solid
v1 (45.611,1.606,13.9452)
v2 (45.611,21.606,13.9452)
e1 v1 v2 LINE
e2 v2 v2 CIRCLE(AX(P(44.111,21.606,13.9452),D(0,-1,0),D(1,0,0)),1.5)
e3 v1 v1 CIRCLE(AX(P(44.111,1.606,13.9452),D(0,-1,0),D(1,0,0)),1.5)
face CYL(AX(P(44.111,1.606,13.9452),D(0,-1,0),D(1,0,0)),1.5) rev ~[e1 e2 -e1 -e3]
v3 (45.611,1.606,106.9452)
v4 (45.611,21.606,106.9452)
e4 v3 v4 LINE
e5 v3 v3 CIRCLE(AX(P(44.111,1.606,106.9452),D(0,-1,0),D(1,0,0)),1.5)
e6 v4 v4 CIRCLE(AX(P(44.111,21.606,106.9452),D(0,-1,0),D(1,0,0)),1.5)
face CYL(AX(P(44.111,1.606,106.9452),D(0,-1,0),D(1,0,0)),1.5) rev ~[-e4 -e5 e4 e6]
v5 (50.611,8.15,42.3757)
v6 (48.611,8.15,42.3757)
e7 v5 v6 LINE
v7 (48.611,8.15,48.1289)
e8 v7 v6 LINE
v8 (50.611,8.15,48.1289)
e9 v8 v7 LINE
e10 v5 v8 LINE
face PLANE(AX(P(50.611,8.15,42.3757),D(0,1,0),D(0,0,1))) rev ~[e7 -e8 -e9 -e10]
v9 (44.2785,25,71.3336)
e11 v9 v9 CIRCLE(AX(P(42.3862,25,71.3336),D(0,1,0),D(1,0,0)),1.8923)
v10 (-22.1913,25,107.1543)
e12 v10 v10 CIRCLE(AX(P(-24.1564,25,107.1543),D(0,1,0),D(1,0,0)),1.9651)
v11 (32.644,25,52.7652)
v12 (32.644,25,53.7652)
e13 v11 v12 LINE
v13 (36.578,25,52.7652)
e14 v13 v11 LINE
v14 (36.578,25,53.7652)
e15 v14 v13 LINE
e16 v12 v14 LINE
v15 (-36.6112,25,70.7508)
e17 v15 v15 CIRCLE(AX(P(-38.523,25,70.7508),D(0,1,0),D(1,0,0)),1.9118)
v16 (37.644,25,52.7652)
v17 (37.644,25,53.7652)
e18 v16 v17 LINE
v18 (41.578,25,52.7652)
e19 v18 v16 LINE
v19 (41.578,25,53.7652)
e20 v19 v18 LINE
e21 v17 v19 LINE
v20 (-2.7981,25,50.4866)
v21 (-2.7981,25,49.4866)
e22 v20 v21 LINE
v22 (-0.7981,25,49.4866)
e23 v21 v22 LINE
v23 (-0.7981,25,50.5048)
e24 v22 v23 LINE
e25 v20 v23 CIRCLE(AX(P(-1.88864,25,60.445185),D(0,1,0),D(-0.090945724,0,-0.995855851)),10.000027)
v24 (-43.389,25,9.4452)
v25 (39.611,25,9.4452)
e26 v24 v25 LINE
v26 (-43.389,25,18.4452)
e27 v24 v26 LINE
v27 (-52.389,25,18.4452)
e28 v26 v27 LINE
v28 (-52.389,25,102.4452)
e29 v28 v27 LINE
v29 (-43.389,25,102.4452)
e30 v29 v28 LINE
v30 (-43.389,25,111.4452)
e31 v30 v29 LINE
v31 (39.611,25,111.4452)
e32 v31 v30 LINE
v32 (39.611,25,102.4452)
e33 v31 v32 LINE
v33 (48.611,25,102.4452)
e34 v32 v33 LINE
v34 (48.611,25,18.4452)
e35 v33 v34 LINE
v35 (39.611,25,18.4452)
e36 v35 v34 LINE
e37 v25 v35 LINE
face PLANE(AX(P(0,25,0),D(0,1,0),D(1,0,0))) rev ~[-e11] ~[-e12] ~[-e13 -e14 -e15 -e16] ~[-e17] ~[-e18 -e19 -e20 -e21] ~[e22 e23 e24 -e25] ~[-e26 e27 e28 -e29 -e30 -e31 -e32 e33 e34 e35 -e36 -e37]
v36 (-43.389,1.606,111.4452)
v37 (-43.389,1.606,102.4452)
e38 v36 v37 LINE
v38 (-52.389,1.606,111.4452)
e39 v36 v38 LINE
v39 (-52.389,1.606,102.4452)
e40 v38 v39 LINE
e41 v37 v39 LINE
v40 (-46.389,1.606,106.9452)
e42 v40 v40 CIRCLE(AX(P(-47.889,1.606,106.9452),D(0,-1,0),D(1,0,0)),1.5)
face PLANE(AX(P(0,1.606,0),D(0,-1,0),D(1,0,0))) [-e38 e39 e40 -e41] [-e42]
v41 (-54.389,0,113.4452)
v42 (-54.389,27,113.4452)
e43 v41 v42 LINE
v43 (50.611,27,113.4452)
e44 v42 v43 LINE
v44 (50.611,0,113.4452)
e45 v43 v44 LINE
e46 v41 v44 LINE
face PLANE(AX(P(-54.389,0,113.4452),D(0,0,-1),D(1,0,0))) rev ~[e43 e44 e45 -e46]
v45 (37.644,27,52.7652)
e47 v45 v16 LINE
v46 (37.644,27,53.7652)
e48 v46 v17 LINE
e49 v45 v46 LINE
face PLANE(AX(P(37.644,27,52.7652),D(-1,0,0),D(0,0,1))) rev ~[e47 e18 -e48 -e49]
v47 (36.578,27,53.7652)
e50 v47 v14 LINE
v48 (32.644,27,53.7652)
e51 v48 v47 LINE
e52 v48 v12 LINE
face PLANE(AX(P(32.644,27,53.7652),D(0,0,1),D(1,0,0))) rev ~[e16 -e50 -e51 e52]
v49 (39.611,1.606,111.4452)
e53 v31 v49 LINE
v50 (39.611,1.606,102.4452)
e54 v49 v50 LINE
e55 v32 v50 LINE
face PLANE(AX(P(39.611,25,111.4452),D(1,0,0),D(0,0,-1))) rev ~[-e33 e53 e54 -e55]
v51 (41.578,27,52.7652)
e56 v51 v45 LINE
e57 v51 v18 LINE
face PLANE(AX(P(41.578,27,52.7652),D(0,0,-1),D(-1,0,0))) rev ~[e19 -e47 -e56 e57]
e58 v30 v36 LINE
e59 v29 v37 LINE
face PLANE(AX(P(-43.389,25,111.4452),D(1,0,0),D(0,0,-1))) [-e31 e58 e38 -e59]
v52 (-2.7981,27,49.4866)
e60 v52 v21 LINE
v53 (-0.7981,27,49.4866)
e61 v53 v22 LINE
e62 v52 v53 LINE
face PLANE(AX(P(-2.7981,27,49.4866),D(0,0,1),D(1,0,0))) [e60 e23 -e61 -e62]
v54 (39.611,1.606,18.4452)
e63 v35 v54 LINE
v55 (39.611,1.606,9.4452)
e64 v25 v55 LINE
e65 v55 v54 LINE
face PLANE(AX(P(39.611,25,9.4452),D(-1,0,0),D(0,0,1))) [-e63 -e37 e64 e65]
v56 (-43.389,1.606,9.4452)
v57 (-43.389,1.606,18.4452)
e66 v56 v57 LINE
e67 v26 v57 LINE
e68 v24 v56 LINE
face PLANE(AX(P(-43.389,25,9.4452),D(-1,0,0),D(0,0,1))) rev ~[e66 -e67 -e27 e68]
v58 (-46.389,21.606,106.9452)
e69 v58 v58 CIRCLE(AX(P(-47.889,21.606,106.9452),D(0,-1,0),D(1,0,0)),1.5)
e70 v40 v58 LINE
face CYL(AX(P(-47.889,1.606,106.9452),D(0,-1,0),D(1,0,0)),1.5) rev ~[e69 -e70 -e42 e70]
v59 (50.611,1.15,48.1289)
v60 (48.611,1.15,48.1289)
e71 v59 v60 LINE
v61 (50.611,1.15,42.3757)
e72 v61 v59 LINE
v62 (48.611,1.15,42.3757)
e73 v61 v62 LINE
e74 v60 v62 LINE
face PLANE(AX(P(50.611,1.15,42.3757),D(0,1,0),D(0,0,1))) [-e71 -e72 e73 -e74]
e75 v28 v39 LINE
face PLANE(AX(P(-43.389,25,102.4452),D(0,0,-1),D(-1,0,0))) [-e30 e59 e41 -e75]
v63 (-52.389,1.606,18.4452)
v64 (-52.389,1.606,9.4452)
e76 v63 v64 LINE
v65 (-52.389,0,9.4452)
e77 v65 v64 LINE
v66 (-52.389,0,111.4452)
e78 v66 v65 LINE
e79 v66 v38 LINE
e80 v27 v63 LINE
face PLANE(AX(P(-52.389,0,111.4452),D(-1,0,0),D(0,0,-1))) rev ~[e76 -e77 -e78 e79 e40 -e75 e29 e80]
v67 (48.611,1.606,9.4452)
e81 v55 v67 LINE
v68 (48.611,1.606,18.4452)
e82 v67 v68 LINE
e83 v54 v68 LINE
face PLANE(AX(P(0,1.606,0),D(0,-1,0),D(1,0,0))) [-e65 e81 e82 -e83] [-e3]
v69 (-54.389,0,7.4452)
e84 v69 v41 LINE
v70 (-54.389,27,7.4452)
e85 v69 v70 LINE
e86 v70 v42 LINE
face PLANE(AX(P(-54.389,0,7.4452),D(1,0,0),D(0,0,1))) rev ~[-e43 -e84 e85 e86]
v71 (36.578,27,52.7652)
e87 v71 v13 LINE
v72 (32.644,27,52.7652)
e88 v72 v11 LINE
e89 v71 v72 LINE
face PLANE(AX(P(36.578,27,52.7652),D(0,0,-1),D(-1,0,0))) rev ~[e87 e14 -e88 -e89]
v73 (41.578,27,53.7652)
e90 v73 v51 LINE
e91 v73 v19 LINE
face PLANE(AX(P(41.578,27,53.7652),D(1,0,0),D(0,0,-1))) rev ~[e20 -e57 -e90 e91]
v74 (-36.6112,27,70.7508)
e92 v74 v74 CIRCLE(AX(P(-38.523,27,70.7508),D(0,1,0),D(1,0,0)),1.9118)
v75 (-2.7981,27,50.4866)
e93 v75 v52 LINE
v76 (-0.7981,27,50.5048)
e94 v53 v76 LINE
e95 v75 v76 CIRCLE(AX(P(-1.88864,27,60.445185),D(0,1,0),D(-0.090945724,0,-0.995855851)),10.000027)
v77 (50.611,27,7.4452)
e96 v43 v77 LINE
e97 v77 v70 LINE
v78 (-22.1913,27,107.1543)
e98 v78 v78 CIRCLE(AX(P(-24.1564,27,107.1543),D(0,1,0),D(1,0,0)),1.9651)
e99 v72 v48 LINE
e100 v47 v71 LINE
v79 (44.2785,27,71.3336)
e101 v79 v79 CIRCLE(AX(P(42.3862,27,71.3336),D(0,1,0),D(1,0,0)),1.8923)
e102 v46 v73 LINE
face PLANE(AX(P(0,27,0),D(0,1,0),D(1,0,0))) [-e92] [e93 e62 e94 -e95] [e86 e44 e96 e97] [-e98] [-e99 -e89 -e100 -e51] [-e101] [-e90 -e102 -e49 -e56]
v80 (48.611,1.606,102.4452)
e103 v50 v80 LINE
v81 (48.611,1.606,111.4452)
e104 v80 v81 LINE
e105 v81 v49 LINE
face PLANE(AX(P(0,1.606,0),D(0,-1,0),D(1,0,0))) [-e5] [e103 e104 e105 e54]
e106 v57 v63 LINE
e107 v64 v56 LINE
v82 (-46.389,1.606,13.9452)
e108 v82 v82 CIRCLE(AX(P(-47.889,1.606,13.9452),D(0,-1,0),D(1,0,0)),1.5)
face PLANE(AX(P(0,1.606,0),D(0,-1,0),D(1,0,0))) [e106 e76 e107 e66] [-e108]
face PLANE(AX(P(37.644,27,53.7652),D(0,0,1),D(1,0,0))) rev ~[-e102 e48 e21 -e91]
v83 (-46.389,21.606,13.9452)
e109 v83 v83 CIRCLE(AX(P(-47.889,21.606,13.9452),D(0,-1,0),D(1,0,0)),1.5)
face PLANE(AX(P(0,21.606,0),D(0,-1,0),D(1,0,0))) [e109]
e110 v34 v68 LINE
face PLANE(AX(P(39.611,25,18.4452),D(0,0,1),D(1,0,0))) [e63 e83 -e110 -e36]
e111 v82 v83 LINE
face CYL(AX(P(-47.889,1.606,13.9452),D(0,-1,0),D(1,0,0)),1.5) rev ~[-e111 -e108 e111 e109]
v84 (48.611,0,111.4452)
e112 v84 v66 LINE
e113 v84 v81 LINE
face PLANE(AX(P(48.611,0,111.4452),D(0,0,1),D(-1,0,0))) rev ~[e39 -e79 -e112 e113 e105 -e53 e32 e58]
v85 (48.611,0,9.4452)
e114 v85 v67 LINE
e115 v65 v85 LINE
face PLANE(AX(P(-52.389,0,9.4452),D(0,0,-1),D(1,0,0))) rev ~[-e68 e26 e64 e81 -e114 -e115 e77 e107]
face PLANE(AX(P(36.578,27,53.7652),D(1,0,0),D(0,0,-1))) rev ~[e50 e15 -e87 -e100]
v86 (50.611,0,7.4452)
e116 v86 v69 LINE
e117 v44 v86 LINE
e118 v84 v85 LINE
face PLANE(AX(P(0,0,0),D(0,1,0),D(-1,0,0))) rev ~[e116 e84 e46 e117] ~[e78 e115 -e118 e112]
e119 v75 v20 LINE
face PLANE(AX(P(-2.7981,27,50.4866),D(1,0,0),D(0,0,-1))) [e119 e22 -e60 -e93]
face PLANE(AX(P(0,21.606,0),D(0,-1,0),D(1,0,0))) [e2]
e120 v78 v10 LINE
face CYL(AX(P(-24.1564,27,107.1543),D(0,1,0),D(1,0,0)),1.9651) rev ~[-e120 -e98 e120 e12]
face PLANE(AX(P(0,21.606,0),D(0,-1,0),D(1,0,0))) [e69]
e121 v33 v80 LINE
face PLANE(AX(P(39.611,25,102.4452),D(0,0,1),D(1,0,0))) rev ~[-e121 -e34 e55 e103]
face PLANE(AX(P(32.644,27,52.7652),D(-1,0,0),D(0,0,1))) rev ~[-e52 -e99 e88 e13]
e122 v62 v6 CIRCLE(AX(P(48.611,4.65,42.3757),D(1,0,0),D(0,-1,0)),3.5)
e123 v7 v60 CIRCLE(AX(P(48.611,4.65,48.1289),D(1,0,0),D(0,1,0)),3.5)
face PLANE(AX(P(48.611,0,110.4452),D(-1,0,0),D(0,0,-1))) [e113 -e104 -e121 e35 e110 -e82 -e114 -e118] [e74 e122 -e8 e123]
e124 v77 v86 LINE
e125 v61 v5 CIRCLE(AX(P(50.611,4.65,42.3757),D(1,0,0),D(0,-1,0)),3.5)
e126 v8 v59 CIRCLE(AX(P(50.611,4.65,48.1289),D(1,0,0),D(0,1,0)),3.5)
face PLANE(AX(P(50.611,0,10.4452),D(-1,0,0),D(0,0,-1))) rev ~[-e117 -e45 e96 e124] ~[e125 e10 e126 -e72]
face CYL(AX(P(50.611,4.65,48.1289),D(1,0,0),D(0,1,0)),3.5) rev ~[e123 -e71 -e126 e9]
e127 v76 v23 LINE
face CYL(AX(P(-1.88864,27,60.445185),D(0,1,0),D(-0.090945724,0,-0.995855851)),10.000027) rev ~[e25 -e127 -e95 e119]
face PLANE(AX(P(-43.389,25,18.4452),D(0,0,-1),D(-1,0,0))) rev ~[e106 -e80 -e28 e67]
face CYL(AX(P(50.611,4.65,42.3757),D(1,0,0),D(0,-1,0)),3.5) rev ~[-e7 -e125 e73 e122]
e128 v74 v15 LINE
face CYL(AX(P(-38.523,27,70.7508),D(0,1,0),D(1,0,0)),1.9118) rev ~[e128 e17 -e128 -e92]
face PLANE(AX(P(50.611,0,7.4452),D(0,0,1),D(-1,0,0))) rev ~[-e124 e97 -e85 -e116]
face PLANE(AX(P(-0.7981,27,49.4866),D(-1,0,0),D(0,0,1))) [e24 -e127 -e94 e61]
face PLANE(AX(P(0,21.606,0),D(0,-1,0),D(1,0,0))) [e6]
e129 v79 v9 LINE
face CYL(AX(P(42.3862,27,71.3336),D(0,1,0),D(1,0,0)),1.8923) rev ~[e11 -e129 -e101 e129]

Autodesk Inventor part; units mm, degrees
ref_plane "YZ Plane" through (0, 0, 0) normal (1, 0, 0) x (0, 1, 0)
ref_plane "XZ Plane" through (0, 0, 0) normal (0, 1, 0) x (-1, 0, 0)
ref_plane "XY Plane" through (0, 0, 0) normal (0, 0, 1) x (1, 0, 0)
sketch "Sketch1" plane through (0, 0, 0) normal (0, 1, 0) x (-1, 0, 0)
  line L0 (-48.611, 110.4452) -> (-48.611, 10.4452)
  line L1 (-48.611, 111.4452) -> (52.389, 111.4452)
  line L2 (52.389, 111.4452) -> (52.389, 9.4452)
  line L3 (52.389, 9.4452) -> (-48.611, 9.4452)
  line L4 (-48.611, 10.4452) -> (-48.611, 9.4452)
  line L5 (-48.611, 110.4452) -> (-48.611, 111.4452)
  line L6 (54.389, 7.4452) -> (54.389, 113.4452)
  line L7 (54.389, 113.4452) -> (-50.611, 113.4452)
  line L8 (-50.611, 113.4452) -> (-50.611, 110.4452)
  line L9 (-50.611, 110.4452) -> (-50.611, 10.4452)
  line L10 (-50.611, 10.4452) -> (-50.611, 7.4452)
  line L11 (-50.611, 7.4452) -> (54.389, 7.4452)
  point P0 (0, 0)
  dimension "d1" = 2
extrude "Extrusion1" add sketch "Sketch1" along normal blind 25
sketch "Sketch2" plane through (0, 25, 0) normal (0, 1, 0) x (1, 0, 0)
  line L0 (-54.389, -7.4452) -> (-54.389, -113.4452) projected
  line L1 (50.611, -113.4452) -> (50.611, -7.4452) projected
  line L2 (-54.389, -113.4452) -> (50.611, -113.4452)
  line L3 (50.611, -113.4452) -> (50.611, -7.4452)
  line L4 (50.611, -7.4452) -> (-54.389, -7.4452)
  line L5 (-54.389, -7.4452) -> (-54.389, -113.4452)
  point P0 (0, 0)
extrude "Extrusion2" add sketch "Sketch2" along normal blind 2
sketch "Sketch3" plane through (0, 25, 0) normal (0, -1, 0) x (1, 0, 0)
  line L0 (48.611, 9.4452) -> (48.611, 111.4452) projected
  line L1 (48.611, 111.4452) -> (-52.389, 111.4452) projected
  line L2 (-52.389, 111.4452) -> (-52.389, 9.4452) projected
  line L3 (-52.389, 9.4452) -> (48.611, 9.4452) projected
  line L4 (-52.389, 9.4452) -> (-43.389, 9.4452)
  line L5 (-43.389, 9.4452) -> (-43.389, 18.4452)
  line L6 (-43.389, 18.4452) -> (-52.389, 18.4452)
  line L7 (-52.389, 18.4452) -> (-52.389, 9.4452)
  line L8 (48.611, 9.4452) -> (39.611, 9.4452)
  line L9 (39.611, 9.4452) -> (39.611, 18.4452)
  line L10 (39.611, 18.4452) -> (48.611, 18.4452)
  line L11 (48.611, 18.4452) -> (48.611, 9.4452)
  line L12 (48.611, 111.4452) -> (39.611, 111.4452)
  line L13 (39.611, 111.4452) -> (39.611, 102.4452)
  line L14 (39.611, 102.4452) -> (48.611, 102.4452)
  line L15 (48.611, 102.4452) -> (48.611, 111.4452)
  line L16 (-52.389, 111.4452) -> (-43.389, 111.4452)
  line L17 (-43.389, 111.4452) -> (-43.389, 102.4452)
  line L18 (-43.389, 102.4452) -> (-52.389, 102.4452)
  line L19 (-52.389, 102.4452) -> (-52.389, 111.4452)
  point P0 (0, 0)
  dimension "d6" = 9
  dimension "d7" = 9
  dimension "d8" = 9
  dimension "d9" = 9
  dimension "d10" = 9
  dimension "d11" = 9
  dimension "d12" = 9
extrude "Extrusion3" add sketch "Sketch3" along normal blind 23.394 contours L3 L9 L10 L0 | L14 L13 L1 L0 | L3 L2 L6 L5 | L17 L18 L2 L1
sketch "Sketch4" plane through (0, 1.606, 0) normal (0, -1, 0) x (1, 0, 0)
  line L0 (-52.389, 9.4452) -> (-52.389, 18.4452) projected
  line L1 (-43.389, 9.4452) -> (-52.389, 9.4452) projected
  line L2 (-43.389, 9.4452) -> (-43.389, 18.4452) projected
  line L3 (-43.389, 18.4452) -> (-52.389, 18.4452) projected
  line L4 (-43.389, 102.4452) -> (-43.389, 111.4452) projected
  line L5 (-52.389, 111.4452) -> (-43.389, 111.4452) projected
  line L6 (-52.389, 102.4452) -> (-52.389, 111.4452) projected
  line L7 (-52.389, 102.4452) -> (-43.389, 102.4452) projected
  line L8 (48.611, 111.4452) -> (48.611, 102.4452) projected
  line L9 (39.611, 111.4452) -> (48.611, 111.4452) projected
  line L10 (39.611, 111.4452) -> (39.611, 102.4452) projected
  line L11 (39.611, 102.4452) -> (48.611, 102.4452) projected
  line L12 (39.611, 18.4452) -> (39.611, 9.4452) projected
  line L13 (48.611, 9.4452) -> (39.611, 9.4452) projected
  line L14 (48.611, 18.4452) -> (48.611, 9.4452) projected
  line L15 (48.611, 18.4452) -> (39.611, 18.4452) projected
  line L16 (-52.389, 102.4452) -> (-52.389, 18.4452) projected
  line L17 (39.611, 9.4452) -> (39.611, 18.4452) projected
  circle A0 centre (-47.889, 13.9452) radius 1.5
  circle A1 centre (-47.889, 106.9452) radius 1.5
  circle A2 centre (44.111, 106.9452) radius 1.5
  circle A3 centre (44.111, 13.9452) radius 1.5
  point P0 (0, 0)
  dimension "d15" = 3
  dimension "d16" = 3
  dimension "d17" = 3
  dimension "d18" = 3
extrude "Extrusion4" cut sketch "Sketch4" against normal blind 20 contours A0 | A1 | A2 | A3
sketch "Sketch5" plane through (50.611, 0, 113.4452) normal (1, 0, 0) x (0, 0, -1)
  line L0 (71.0695, 1.15) -> (65.3163, 1.15)
  line L1 (71.0695, 8.15) -> (65.3163, 8.15)
  arc A0 (65.3163, 8.15) -> (65.3163, 1.15) centre (65.3163, 4.65) ccw
  arc A1 (71.0695, 1.15) -> (71.0695, 8.15) centre (71.0695, 4.65) ccw
  line L2 (106, 0) -> (0, 0) projected
  point P0 (113.4452, 0)
extrude "Extrusion5" cut sketch "Sketch5" against normal blind 20
sketch "Sketch6" plane through (0, 27, 0) normal (0, 1, 0) x (1, 0, 0)
  line L0 (37.644, -52.7652) -> (37.644, -53.7652) projected
  line L1 (41.578, -53.7652) -> (41.578, -52.7652) projected
  line L2 (37.644, -53.7652) -> (41.578, -53.7652)
  line L3 (41.578, -53.7652) -> (41.578, -52.7652)
  line L4 (41.578, -52.7652) -> (37.644, -52.7652)
  line L5 (37.644, -52.7652) -> (37.644, -53.7652)
  point P0 (0, 0)
extrude "Extrusion6" cut sketch "Sketch6" against normal blind 20
sketch "Sketch7" plane through (0, 27, 0) normal (0, 1, 0) x (1, 0, 0)
  circle A0 centre (-24.1564, -107.1543) radius 1.9651 projected
  circle A1 centre (-38.523, -70.7508) radius 1.9118 projected
  circle A2 centre (42.3862, -71.3336) radius 1.8923 projected
  line L0 (32.644, -52.7652) -> (32.644, -53.7652) projected
  line L1 (36.578, -53.7652) -> (36.578, -52.7652) projected
  line L2 (32.644, -53.7652) -> (36.578, -53.7652)
  line L3 (36.578, -53.7652) -> (36.578, -52.7652)
  line L4 (36.578, -52.7652) -> (32.644, -52.7652)
  line L5 (32.644, -52.7652) -> (32.644, -53.7652)
  point P0 (0, 0)
extrude "Extrusion7" cut sketch "Sketch7" against normal blind 2
sketch "Sketch8" plane through (0, 27, 0) normal (0, 1, 0) x (1, 0, 0)
  circle A0 centre (42.3862, -71.3336) radius 1.8923 projected
  circle A1 centre (-24.1564, -107.1543) radius 1.9651 projected
  line L0 (32.644, -52.7652) -> (36.578, -52.7652) projected
  line L1 (36.578, -52.7652) -> (36.578, -53.7652) projected
  line L2 (36.578, -53.7652) -> (32.644, -53.7652) projected
  line L3 (32.644, -53.7652) -> (32.644, -52.7652) projected
  circle A2 centre (-38.523, -70.7508) radius 1.9118 projected
  line L4 (37.644, -52.7652) -> (41.578, -52.7652) projected
  line L5 (41.578, -52.7652) -> (41.578, -53.7652) projected
  line L6 (41.578, -53.7652) -> (37.644, -53.7652) projected
  line L7 (37.644, -53.7652) -> (37.644, -52.7652) projected
  line L8 (50.611, -113.4452) -> (50.611, -7.4452) projected
  line L9 (50.611, -7.4452) -> (-54.389, -7.4452) projected
  line L10 (-54.389, -7.4452) -> (-54.389, -113.4452) projected
  line L11 (-54.389, -113.4452) -> (50.611, -113.4452) projected
  line L12 (-54.389, -113.4452) -> (50.611, -113.4452) projected
  arc A3 (-2.7981, -50.4866) -> (-0.7981, -50.5048) centre (-1.889, -60.4452) ccw
  line L13 (-2.7981, -50.4866) -> (-2.7981, -49.4866)
  line L14 (-2.7981, -49.4866) -> (-0.7981, -49.4866)
  line L15 (-0.7981, -49.4866) -> (-0.7981, -50.5048)
  point P0 (0, 0)
  dimension "d37" = 1
  dimension "d38" = 2
extrude "Extrusion8" cut sketch "Sketch8" against normal blind 2 contours L13 L14 L15 A3
properties part number "Parte inferior"
